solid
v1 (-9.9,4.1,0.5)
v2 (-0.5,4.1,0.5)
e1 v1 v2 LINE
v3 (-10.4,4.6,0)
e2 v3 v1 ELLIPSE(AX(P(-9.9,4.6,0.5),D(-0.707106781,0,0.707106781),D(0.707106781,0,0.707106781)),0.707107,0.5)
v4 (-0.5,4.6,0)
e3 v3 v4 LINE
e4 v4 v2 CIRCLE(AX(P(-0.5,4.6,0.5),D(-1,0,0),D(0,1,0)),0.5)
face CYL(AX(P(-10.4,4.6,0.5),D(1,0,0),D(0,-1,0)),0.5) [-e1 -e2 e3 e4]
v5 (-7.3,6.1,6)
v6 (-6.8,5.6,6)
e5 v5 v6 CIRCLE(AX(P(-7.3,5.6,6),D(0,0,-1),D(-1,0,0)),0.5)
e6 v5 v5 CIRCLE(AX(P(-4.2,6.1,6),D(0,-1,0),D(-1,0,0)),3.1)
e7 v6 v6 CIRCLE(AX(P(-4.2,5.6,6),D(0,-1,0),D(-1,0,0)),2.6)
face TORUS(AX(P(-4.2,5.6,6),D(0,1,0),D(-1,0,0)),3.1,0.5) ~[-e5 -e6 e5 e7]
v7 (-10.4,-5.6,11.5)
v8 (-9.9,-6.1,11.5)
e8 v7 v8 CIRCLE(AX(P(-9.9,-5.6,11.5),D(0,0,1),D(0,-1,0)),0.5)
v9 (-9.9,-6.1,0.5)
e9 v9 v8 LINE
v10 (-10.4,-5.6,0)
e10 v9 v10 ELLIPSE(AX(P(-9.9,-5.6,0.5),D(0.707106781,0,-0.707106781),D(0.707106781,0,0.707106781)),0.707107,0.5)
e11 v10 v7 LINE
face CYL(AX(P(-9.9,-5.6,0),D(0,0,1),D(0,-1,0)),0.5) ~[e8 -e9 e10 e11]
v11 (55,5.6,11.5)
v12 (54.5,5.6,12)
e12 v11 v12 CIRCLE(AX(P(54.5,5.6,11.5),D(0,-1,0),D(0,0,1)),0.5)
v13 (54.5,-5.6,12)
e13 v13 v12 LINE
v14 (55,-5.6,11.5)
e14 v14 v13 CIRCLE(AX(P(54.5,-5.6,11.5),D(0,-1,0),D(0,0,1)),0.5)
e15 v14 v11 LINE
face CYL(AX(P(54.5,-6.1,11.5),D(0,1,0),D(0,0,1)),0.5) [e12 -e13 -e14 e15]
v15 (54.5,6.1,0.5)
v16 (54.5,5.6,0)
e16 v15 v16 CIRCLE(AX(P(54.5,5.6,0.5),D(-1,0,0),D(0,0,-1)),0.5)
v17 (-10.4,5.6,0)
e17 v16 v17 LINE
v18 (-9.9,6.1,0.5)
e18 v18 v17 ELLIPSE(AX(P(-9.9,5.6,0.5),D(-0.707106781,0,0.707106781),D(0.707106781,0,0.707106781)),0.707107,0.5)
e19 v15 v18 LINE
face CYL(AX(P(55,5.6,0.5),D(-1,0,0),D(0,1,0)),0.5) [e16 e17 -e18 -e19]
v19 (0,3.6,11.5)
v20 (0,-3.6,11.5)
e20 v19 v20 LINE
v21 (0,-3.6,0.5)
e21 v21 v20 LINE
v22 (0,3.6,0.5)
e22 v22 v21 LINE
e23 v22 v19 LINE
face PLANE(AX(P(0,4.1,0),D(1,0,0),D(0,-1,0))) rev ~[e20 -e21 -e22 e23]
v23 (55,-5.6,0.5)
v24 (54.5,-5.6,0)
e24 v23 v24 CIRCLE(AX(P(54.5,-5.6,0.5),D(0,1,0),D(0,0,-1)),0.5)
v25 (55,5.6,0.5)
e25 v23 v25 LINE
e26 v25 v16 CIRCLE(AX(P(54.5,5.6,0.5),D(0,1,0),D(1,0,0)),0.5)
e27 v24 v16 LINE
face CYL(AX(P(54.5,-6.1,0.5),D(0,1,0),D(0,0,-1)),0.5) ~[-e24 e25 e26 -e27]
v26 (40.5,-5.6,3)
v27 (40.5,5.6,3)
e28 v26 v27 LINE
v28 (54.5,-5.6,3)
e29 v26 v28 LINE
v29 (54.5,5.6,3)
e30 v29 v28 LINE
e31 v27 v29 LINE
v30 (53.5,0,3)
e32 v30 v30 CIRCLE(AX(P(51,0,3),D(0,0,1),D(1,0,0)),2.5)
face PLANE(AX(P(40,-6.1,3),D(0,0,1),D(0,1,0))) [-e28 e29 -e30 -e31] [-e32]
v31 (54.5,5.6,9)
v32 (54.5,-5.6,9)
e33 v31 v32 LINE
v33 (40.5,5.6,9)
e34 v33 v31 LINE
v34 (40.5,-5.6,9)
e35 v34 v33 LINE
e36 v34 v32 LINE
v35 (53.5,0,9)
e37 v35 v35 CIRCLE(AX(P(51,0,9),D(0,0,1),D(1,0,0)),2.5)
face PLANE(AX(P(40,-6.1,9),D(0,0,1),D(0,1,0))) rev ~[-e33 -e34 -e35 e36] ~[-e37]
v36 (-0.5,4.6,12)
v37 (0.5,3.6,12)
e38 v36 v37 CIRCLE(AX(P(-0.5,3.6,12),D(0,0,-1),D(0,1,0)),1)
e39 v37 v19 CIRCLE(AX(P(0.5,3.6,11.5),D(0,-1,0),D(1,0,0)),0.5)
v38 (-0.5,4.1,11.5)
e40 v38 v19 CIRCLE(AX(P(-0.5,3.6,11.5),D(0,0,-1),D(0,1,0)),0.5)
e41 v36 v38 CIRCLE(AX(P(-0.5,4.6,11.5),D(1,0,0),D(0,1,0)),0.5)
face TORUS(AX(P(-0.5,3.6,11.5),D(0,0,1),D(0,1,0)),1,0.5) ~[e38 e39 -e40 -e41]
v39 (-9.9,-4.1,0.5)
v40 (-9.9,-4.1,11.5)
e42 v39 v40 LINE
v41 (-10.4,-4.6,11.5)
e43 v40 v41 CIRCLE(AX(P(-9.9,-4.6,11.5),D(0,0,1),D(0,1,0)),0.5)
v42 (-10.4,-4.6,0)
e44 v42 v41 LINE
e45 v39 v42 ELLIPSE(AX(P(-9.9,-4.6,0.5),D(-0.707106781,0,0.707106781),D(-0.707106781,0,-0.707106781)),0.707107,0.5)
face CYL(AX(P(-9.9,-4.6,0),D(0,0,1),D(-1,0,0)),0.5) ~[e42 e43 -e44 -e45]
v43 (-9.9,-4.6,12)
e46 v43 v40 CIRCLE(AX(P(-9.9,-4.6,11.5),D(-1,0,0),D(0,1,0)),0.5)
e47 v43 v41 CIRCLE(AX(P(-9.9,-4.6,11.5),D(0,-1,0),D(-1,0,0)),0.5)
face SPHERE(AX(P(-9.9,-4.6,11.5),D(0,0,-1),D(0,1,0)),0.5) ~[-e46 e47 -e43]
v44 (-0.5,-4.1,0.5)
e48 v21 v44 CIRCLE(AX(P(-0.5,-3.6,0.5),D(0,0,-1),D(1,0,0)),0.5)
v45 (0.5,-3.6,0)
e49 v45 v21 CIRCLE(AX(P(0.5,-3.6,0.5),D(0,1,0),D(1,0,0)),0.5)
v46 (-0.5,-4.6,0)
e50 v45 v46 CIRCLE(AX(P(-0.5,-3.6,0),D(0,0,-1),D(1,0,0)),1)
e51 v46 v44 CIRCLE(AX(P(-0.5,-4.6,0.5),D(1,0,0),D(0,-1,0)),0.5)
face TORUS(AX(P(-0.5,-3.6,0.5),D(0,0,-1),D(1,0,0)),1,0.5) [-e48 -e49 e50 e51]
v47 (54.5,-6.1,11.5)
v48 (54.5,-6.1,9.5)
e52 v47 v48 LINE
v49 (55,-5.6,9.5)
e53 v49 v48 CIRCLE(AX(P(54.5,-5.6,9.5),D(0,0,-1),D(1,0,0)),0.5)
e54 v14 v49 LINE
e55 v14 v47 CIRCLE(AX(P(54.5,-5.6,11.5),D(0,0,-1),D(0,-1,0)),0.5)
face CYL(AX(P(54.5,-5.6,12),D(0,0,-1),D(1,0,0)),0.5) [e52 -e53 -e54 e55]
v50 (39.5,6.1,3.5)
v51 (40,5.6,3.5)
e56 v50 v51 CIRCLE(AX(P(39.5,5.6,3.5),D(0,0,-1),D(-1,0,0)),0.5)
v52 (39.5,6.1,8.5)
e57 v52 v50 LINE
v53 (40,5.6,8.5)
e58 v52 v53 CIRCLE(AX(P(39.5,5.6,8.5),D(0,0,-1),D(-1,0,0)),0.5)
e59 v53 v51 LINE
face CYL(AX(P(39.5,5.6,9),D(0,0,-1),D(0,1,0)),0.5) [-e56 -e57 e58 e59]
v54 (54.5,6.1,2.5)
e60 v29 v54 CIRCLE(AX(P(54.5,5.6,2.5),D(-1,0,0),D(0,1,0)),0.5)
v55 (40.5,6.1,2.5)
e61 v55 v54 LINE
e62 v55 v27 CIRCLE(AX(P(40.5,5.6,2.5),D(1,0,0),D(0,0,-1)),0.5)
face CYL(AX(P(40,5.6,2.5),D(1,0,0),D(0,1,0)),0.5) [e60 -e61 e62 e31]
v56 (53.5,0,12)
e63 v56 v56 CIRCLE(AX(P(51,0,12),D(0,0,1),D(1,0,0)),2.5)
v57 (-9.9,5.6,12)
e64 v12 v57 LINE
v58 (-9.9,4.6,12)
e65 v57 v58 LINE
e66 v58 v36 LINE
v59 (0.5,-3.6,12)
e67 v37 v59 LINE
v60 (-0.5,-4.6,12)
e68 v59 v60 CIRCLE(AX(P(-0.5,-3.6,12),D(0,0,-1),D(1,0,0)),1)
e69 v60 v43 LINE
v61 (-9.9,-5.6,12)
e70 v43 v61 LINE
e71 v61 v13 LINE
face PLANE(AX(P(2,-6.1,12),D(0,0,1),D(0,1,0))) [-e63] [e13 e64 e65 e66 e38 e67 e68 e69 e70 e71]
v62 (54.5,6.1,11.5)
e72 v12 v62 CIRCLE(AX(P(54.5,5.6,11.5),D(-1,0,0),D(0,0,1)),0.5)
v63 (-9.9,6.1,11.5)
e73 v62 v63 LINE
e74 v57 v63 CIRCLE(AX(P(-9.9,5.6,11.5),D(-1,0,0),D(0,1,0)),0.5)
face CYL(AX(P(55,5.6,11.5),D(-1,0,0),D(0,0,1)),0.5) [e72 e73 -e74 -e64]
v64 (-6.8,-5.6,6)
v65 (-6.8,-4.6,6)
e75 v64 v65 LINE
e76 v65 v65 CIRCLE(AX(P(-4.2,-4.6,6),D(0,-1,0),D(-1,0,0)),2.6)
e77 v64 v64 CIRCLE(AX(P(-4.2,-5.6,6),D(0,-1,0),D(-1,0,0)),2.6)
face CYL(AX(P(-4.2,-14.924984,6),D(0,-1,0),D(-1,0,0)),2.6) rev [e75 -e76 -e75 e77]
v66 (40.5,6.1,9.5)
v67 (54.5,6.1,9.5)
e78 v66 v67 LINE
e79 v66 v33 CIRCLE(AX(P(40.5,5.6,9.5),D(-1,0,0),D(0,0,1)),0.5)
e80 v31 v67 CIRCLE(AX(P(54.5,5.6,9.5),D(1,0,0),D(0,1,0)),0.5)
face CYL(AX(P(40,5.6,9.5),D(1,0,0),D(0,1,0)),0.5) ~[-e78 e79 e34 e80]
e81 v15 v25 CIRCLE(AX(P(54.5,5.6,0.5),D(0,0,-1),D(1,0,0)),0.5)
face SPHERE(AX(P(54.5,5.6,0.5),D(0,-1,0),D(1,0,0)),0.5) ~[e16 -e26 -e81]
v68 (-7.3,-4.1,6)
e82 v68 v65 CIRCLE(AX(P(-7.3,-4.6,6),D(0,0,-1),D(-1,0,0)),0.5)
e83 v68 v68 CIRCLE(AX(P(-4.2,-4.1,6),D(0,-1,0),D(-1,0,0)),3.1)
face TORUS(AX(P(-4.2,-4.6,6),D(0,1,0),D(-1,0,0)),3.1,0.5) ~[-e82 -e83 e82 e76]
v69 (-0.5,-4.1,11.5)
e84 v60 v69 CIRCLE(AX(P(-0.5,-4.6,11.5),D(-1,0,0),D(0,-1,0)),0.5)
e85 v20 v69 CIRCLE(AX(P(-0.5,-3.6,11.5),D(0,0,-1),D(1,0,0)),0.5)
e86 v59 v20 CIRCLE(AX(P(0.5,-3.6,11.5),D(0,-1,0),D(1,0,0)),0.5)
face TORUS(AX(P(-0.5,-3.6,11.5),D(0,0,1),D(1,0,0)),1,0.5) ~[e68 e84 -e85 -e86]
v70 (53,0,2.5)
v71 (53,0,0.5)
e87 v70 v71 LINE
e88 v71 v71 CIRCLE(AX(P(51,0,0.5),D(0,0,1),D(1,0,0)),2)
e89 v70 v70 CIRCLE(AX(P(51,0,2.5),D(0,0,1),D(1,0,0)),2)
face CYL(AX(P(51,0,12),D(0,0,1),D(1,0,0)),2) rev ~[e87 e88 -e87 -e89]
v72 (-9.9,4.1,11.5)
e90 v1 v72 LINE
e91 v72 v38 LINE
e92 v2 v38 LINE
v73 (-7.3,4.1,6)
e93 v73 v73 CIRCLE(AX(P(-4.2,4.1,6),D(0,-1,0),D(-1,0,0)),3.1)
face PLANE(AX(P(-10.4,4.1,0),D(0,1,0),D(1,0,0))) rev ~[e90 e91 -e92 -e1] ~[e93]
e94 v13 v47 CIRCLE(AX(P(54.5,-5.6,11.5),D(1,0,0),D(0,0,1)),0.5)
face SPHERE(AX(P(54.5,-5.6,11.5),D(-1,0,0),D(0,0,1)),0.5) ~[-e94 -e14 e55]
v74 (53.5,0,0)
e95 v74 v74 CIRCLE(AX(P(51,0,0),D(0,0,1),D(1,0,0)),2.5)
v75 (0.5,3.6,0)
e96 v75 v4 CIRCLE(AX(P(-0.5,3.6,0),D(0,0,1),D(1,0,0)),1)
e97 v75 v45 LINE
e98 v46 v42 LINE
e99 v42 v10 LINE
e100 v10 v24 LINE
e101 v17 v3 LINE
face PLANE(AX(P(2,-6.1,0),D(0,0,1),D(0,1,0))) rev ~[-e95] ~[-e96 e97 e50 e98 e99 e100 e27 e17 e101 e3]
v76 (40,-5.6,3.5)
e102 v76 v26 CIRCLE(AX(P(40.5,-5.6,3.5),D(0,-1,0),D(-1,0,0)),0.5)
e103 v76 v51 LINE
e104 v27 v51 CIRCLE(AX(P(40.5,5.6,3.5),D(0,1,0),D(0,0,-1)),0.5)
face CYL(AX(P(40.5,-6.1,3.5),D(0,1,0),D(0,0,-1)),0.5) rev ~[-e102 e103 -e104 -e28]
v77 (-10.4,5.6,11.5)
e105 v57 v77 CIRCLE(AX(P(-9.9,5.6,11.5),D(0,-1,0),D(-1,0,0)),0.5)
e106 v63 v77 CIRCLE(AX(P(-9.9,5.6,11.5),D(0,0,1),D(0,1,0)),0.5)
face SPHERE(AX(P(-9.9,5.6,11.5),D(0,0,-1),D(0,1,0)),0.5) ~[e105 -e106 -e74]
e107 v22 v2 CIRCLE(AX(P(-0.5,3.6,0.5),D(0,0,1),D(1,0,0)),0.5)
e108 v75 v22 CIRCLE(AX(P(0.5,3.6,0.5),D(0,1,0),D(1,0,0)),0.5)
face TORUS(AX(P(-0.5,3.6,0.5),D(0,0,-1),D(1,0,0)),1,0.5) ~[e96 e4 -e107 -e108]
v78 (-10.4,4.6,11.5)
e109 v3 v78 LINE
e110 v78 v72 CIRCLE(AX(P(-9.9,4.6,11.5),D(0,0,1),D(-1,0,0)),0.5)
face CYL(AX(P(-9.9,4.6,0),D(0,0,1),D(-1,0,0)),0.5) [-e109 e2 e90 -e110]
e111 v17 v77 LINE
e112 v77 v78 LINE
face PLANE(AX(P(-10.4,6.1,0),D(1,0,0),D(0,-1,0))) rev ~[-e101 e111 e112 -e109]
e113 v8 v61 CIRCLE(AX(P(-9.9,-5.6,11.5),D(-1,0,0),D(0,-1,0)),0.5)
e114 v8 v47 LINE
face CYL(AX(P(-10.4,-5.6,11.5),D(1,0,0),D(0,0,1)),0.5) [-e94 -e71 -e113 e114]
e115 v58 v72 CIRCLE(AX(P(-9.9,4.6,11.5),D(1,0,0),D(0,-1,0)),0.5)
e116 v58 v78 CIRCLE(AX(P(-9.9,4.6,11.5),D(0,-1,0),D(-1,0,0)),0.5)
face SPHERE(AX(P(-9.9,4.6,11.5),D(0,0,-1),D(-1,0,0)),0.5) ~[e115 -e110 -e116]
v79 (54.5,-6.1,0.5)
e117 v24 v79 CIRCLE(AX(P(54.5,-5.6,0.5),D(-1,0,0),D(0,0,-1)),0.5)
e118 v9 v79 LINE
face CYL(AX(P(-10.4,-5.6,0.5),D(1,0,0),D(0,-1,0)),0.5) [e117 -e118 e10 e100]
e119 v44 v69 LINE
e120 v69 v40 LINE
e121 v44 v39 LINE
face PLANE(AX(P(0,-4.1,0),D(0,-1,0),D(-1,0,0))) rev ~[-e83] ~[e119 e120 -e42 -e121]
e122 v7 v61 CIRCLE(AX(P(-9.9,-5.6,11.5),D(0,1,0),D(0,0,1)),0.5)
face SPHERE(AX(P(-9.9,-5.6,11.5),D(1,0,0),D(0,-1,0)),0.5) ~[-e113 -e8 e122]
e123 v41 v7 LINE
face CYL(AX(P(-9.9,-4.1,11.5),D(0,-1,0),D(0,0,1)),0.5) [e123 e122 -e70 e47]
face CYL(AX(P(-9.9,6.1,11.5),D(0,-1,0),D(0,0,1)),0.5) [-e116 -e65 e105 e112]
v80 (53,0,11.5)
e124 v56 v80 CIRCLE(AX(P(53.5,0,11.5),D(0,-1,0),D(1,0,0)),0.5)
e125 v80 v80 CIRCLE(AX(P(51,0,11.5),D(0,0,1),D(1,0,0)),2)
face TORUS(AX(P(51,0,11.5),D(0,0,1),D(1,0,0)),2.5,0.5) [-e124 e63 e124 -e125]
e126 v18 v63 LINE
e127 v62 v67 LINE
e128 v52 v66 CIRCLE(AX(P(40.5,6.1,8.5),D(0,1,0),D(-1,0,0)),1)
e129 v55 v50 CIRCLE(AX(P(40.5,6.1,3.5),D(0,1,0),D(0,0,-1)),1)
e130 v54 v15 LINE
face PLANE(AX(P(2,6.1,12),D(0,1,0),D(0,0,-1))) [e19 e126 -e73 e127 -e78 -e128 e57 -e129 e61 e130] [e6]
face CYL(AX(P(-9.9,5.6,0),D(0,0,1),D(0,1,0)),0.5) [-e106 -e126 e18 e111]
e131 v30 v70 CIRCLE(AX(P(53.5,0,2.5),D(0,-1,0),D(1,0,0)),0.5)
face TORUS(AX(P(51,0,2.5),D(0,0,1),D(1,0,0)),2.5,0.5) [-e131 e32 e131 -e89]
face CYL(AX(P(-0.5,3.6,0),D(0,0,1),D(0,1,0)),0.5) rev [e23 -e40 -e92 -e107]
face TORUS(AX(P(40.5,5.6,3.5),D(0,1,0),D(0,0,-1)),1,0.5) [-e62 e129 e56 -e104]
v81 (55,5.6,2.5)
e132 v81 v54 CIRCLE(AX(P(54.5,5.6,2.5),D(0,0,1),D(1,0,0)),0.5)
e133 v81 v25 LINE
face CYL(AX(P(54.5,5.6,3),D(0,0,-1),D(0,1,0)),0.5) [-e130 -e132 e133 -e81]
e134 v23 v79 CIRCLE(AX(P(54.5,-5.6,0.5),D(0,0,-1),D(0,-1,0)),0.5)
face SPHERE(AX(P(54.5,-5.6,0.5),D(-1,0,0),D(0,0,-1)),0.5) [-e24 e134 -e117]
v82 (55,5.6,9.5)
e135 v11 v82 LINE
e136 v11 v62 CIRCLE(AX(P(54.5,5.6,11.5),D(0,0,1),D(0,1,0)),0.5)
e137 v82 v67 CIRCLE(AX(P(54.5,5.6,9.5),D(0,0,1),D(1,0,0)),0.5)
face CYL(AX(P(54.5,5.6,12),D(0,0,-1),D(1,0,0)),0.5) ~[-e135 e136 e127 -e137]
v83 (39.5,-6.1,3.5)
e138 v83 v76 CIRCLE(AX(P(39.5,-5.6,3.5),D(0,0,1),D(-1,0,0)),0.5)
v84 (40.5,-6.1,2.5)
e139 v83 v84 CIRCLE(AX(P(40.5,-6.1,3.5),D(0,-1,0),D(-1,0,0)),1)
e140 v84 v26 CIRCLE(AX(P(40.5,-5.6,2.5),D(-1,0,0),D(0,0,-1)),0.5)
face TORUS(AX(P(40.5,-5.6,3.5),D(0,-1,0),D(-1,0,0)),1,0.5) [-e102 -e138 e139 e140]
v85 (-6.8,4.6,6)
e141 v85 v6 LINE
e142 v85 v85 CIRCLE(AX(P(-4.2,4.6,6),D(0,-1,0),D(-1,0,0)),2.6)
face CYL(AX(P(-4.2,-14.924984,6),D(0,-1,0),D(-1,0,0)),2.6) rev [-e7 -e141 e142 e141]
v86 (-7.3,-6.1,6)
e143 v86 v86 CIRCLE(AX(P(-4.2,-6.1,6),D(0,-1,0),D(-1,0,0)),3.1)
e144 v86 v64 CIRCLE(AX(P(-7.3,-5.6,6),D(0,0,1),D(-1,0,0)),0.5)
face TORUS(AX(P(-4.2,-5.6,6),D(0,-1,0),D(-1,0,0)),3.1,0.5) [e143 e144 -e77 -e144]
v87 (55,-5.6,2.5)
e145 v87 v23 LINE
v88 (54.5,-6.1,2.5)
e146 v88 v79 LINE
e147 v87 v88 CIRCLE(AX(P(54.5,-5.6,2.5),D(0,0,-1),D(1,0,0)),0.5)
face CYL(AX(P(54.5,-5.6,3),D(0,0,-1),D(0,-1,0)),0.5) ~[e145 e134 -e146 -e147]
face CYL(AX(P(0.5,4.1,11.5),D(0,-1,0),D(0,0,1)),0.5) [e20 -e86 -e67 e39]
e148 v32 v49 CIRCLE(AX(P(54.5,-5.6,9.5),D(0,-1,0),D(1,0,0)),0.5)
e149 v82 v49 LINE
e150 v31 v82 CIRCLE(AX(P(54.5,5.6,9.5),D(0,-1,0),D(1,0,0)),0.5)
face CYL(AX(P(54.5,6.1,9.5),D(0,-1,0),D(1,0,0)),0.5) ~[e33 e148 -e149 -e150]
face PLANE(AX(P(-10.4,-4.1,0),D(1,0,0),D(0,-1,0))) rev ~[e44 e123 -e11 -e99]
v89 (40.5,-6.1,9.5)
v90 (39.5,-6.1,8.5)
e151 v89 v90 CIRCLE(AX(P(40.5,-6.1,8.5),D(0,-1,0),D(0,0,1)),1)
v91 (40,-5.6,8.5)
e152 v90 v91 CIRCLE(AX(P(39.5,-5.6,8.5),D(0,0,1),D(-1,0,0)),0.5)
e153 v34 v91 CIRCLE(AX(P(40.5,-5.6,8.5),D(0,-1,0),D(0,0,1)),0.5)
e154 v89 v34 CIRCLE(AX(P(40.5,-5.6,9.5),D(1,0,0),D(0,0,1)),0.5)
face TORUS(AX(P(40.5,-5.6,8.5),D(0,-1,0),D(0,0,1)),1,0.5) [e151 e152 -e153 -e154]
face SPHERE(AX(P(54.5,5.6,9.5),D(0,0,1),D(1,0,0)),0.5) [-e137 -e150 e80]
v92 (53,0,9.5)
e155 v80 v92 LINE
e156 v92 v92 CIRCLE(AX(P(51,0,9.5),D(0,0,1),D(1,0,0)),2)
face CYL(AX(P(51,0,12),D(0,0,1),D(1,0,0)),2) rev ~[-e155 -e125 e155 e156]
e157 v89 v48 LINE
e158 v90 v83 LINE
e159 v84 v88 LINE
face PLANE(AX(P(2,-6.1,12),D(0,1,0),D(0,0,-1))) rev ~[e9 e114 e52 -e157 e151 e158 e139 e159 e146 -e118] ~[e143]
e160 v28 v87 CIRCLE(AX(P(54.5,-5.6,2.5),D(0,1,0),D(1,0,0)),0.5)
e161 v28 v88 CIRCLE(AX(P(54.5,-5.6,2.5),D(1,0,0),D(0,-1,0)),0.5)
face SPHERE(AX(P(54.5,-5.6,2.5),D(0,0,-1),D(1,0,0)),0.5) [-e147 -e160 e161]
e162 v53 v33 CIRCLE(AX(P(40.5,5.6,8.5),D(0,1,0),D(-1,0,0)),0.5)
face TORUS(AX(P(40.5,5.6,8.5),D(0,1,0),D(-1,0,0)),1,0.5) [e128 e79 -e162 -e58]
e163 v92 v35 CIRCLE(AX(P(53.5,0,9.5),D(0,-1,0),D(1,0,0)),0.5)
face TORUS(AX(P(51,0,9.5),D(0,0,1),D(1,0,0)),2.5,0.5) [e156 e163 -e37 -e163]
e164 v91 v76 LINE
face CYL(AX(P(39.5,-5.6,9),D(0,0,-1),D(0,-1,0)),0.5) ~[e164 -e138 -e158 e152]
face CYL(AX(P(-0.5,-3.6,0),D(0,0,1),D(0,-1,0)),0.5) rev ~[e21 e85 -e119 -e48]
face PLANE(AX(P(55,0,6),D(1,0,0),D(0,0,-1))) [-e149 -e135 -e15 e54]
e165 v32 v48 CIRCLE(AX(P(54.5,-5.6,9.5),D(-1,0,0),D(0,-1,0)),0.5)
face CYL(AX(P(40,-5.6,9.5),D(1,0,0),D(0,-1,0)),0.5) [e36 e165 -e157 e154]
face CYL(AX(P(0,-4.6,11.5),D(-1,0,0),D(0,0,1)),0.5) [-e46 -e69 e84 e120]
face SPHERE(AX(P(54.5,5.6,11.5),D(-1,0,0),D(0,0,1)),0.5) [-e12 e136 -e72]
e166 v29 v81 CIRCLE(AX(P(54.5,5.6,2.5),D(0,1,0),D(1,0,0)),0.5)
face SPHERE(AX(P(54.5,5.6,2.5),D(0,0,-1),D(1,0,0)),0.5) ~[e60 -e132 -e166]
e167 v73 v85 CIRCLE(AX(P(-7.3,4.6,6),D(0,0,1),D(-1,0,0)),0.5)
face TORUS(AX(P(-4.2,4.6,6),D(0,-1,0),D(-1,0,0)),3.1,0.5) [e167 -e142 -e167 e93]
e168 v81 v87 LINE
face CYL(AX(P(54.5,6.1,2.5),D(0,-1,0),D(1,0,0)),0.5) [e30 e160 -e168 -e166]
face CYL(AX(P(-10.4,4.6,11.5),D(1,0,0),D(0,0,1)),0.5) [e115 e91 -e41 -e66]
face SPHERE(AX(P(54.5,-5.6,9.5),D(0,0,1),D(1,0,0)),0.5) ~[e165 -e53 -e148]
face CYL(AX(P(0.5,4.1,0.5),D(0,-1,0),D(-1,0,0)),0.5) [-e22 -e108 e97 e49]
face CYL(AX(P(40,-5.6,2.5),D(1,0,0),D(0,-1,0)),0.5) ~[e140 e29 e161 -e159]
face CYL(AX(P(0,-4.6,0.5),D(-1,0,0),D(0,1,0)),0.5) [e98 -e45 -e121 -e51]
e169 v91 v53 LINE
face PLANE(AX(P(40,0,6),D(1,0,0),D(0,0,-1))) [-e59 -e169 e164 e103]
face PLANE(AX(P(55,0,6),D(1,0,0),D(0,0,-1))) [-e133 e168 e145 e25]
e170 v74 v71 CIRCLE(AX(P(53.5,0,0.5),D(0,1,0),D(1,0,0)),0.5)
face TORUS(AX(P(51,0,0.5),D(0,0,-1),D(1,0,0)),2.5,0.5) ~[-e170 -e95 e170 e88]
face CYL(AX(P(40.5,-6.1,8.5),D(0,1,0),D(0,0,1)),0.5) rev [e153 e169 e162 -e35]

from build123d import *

# Parameters (mm, degrees)
BOSS_EXTRUDE1_DEPTH     = 12
CUT_EXTRUDE1_DEPTH      = 21.024984395
CUT_EXTRUDE1_DEPTH_BACK = 21.024984395
SKETCH2_R               = 2.6
SKETCH3_W               = 12
SKETCH3_H               = 12.2
BOSS_EXTRUDE2_DEPTH     = 53
CUT_EXTRUDE2_DEPTH      = 67.771026651
CUT_EXTRUDE2_DEPTH_BACK = 15
SKETCH4_W               = 6
SKETCH4_H               = 12.2
SKETCH5_R               = 2
CUT_EXTRUDE3_DEPTH      = 57.623405055
FILLET1_R               = 0.5


with BuildPart() as part:
    # Sketch1 → Boss-Extrude1 (new body)
    with BuildSketch(Plane.XY):
        Polygon((0, 4.1), (0, -4.1), (-10.4, -4.1), (-10.4, -6.1), (2, -6.1), (2, 6.1), (-10.4, 6.1), (-10.4, 4.1), align=None)
    extrude(amount=BOSS_EXTRUDE1_DEPTH)

    # Sketch2 → Cut-Extrude1 (cut, two sides: drawn at the far end of the back side and taken through both)
    with BuildSketch(Plane(origin=(0, 6.1, 0), x_dir=(1, 0, 0), z_dir=(0, 1, 0)).offset(-CUT_EXTRUDE1_DEPTH_BACK)):
        with Locations(Location((-4.2, -6, 0), (0, 0, 180))):
            Circle(SKETCH2_R)
    extrude(amount=CUT_EXTRUDE1_DEPTH + CUT_EXTRUDE1_DEPTH_BACK, mode=Mode.SUBTRACT)

    # Sketch3 → Boss-Extrude2 (add)
    with BuildSketch(Plane(origin=(2, 0, 0), x_dir=(0, 0, -1), z_dir=(1, 0, 0))):
        with Locations((-6, 0)):
            Rectangle(SKETCH3_W, SKETCH3_H)
    extrude(amount=BOSS_EXTRUDE2_DEPTH)

    # Sketch4 → Cut-Extrude2 (cut, two sides: drawn at the far end of the back side and taken through both)
    with BuildSketch(Plane(origin=(55, 0, 0), x_dir=(0, 0, -1), z_dir=(1, 0, 0)).offset(-CUT_EXTRUDE2_DEPTH_BACK)):
        with Locations((-6, 0)):
            Rectangle(SKETCH4_W, SKETCH4_H)
    extrude(amount=CUT_EXTRUDE2_DEPTH + CUT_EXTRUDE2_DEPTH_BACK, mode=Mode.SUBTRACT)

    # Sketch5 → Cut-Extrude3 (cut, through all)
    with BuildSketch(Plane.XY.offset(12)):
        with Locations((51, 0)):
            Circle(SKETCH5_R)
    extrude(amount=-CUT_EXTRUDE3_DEPTH, mode=Mode.SUBTRACT)

    # Fillet1
    fillet1_edges = [part.edges().sort_by_distance(p)[0] for p in [
        (22.3, -6.1, 0),
        (-5.2, -4.1, 0),
        (22.3, -6.1, 12),
        (0, -4.1, 6),
        (0, 4.1, 6),
        (-10.4, 4.1, 6),
        (-10.4, 6.1, 6),
        (-10.4, -6.1, 6),
        (-10.4, -4.1, 6),
        (22.3, 6.1, 12),
        (-10.4, 5.1, 12),
        (-1.6, -6.1, 6),
        (-1.6, -4.1, 6),
        (-1.6, 4.1, 6),
        (-1.6, 6.1, 6),
        (-5.2, 4.1, 12),
        (0, 0, 12),
        (55, 0, 12),
        (55, -6.1, 10.5),
        (55, 0, 0),
        (55, 6.1, 1.5),
        (55, -6.1, 1.5),
        (55, 6.1, 10.5),
        (55, 0, 3),
        (55, 0, 9),
        (-5.2, -4.1, 12),
        (47.5, 6.1, 9),
        (40, 0, 9),
        (47.5, -6.1, 9),
        (40, -6.1, 6),
        (47.5, -6.1, 3),
        (40, 0, 3),
        (47.5, 6.1, 3),
        (40, 6.1, 6),
        (49, 0, 3),
        (49, 0, 9),
        (49, 0, 0),
        (49, 0, 12),
        (0, 0, 0),
        (-10.4, -5.1, 12),
        (-5.2, 4.1, 0),
        (22.3, 6.1, 0),
    ]]
    fillet(fillet1_edges, radius=FILLET1_R)


solid = part.part
